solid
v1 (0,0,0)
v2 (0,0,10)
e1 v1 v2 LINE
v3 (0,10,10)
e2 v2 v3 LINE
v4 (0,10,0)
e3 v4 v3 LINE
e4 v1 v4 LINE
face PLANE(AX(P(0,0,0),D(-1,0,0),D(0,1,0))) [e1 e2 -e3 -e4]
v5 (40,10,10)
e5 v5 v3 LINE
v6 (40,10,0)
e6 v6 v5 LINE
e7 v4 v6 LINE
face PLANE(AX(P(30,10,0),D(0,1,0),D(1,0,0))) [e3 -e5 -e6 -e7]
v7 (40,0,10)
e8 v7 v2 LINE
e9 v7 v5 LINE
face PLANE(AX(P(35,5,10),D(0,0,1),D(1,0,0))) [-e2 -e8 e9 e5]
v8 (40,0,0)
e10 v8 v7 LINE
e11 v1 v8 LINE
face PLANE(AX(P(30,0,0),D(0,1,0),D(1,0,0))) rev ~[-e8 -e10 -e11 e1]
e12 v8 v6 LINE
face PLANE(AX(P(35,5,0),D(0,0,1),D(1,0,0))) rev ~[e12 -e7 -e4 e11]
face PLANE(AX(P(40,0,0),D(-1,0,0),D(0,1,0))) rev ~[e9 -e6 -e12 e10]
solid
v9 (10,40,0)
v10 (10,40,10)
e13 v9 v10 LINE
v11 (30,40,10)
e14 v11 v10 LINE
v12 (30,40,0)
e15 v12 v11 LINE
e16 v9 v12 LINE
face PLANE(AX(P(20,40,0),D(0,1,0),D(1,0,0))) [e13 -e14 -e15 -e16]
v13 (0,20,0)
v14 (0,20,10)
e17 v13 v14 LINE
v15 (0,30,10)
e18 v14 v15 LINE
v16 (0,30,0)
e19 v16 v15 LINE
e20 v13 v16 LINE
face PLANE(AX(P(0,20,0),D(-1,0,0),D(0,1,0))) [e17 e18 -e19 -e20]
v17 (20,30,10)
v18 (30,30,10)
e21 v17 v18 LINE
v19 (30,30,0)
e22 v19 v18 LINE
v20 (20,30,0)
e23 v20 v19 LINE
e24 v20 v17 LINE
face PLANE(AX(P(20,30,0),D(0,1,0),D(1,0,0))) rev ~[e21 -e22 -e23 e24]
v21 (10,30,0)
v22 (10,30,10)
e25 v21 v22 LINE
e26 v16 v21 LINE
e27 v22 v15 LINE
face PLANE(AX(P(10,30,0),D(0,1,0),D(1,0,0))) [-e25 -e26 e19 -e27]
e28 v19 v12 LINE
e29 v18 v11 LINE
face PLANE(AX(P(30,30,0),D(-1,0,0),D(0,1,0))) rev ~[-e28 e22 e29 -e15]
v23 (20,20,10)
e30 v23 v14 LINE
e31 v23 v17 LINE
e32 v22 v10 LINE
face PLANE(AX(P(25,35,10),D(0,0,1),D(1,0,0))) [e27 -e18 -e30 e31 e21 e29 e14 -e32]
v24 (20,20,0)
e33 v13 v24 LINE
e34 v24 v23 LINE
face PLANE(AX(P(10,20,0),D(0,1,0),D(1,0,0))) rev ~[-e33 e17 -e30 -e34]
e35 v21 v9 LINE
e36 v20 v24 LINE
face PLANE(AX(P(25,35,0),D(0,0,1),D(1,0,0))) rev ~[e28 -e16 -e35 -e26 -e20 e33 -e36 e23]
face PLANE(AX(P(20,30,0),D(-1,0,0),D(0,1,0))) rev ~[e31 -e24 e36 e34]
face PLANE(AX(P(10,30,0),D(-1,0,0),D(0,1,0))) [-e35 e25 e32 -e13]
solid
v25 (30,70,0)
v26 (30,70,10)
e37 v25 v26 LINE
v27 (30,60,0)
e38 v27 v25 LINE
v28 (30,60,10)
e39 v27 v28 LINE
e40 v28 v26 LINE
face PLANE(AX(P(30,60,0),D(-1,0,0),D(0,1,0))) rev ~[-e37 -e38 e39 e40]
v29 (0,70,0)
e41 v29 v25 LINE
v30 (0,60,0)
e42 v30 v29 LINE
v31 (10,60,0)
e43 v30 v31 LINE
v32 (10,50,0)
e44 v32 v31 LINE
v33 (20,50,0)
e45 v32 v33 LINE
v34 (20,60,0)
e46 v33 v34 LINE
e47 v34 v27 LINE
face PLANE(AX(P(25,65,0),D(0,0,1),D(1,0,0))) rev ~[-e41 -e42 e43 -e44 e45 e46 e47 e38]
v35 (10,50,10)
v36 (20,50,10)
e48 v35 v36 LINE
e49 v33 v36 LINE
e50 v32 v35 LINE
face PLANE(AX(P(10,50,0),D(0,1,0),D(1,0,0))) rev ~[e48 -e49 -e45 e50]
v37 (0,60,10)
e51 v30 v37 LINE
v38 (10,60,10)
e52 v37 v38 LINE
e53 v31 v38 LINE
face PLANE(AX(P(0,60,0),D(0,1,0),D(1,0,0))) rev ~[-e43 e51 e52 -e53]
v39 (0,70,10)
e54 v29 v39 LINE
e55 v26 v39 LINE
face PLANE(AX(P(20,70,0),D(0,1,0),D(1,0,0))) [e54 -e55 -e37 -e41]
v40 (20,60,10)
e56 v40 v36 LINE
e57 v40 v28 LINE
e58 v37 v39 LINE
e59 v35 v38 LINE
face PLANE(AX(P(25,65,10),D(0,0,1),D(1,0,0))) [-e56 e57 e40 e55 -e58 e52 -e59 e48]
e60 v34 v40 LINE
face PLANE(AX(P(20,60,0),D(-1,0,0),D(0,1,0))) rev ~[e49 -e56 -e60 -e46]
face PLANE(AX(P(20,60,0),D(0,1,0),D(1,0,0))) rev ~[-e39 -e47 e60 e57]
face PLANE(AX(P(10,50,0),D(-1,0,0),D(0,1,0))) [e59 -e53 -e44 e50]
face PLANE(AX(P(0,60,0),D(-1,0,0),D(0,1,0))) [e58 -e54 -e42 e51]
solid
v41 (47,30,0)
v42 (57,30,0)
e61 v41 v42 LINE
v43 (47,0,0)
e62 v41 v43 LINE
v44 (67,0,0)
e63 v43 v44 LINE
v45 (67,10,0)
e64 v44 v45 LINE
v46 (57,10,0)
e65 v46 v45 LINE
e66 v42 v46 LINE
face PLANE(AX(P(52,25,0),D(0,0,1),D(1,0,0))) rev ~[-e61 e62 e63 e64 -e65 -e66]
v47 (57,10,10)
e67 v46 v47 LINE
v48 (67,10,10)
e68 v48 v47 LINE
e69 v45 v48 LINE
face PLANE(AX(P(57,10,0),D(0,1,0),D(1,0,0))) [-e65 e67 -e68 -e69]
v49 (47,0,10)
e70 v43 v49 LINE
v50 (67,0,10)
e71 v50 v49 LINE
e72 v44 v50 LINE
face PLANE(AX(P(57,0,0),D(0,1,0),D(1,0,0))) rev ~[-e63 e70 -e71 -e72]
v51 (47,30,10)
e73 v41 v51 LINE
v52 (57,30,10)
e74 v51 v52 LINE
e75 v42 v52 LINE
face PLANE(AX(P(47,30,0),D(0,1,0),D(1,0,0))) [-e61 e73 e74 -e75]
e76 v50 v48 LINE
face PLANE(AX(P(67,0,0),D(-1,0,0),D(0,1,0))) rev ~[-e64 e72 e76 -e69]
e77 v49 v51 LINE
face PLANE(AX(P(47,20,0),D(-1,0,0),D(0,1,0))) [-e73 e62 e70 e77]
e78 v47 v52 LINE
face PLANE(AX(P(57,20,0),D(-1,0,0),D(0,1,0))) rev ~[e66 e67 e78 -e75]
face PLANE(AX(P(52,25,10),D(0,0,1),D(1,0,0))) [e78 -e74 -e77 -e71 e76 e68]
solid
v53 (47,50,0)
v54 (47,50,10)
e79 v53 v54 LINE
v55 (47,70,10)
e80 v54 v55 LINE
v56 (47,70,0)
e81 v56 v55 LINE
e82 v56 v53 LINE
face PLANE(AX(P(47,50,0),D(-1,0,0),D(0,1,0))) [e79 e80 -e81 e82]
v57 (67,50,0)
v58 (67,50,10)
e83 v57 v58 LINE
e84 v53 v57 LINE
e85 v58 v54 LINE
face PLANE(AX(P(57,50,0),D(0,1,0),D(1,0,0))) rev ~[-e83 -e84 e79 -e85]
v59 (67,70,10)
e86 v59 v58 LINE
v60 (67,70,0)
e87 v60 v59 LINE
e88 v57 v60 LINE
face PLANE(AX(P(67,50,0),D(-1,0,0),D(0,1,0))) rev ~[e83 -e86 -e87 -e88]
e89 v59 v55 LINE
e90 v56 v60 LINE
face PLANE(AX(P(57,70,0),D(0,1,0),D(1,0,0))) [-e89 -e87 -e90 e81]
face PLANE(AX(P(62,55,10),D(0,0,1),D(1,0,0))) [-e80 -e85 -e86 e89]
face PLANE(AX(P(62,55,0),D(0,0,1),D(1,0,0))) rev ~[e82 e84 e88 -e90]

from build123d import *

# Parameters (mm, degrees)
BOX001_W     = 10
BOX001_H     = 10
BOX001_DEPTH = 10
BOX002_W     = 10
BOX002_H     = 10
BOX002_DEPTH = 10
BOX003_W     = 10
BOX003_H     = 10
BOX003_DEPTH = 10
BOX_W        = 10
BOX_H        = 10
BOX_DEPTH    = 10
BOX005_W     = 10
BOX005_H     = 10
BOX005_DEPTH = 10
BOX006_W     = 10
BOX006_H     = 10
BOX006_DEPTH = 10
BOX007_W     = 10
BOX007_H     = 10
BOX007_DEPTH = 10
BOX004_W     = 10
BOX004_H     = 10
BOX004_DEPTH = 10
BOX009_W     = 10
BOX009_H     = 10
BOX009_DEPTH = 10
BOX010_W     = 10
BOX010_H     = 10
BOX010_DEPTH = 10
BOX011_W     = 10
BOX011_H     = 10
BOX011_DEPTH = 10
BOX008_W     = 10
BOX008_H     = 10
BOX008_DEPTH = 10
BOX013_W     = 10
BOX013_H     = 10
BOX013_DEPTH = 10
BOX014_W     = 10
BOX014_H     = 10
BOX014_DEPTH = 10
BOX015_W     = 10
BOX015_H     = 10
BOX015_DEPTH = 10
BOX012_W     = 10
BOX012_H     = 10
BOX012_DEPTH = 10
BOX017_W     = 10
BOX017_H     = 10
BOX017_DEPTH = 10
BOX018_W     = 10
BOX018_H     = 10
BOX018_DEPTH = 10
BOX019_W     = 10
BOX019_H     = 10
BOX019_DEPTH = 10
BOX016_W     = 10
BOX016_H     = 10
BOX016_DEPTH = 10


with BuildPart() as cube001:
    # Box001 → Box001 (new body)
    with BuildSketch(Plane(origin=(10, 0, 0), x_dir=(1, 0, 0), z_dir=(0, 0, 1))):
        with Locations((5, 5)):
            Rectangle(BOX001_W, BOX001_H)
    extrude(amount=BOX001_DEPTH)


with BuildPart() as cube002:
    # Box002 → Box002 (new body)
    with BuildSketch(Plane(origin=(20, 0, 0), x_dir=(1, 0, 0), z_dir=(0, 0, 1))):
        with Locations((5, 5)):
            Rectangle(BOX002_W, BOX002_H)
    extrude(amount=BOX002_DEPTH)


with BuildPart() as cube003:
    # Box003 → Box003 (new body)
    with BuildSketch(Plane(origin=(30, 0, 0), x_dir=(1, 0, 0), z_dir=(0, 0, 1))):
        with Locations((5, 5)):
            Rectangle(BOX003_W, BOX003_H)
    extrude(amount=BOX003_DEPTH)


with BuildPart() as vermell:
    # Box → Box (new body)
    with BuildSketch(Plane.XY):
        with Locations((5, 5)):
            Rectangle(BOX_W, BOX_H)
    extrude(amount=BOX_DEPTH)

    # Fusion: union Cube001, Cube002, Cube003
    add(cube001.part)
    add(cube002.part)
    add(cube003.part)


with BuildPart() as cube005:
    # Box005 → Box005 (new body)
    with BuildSketch(Plane(origin=(57, 0, 0), x_dir=(1, 0, 0), z_dir=(0, 0, 1))):
        with Locations((5, 5)):
            Rectangle(BOX005_W, BOX005_H)
    extrude(amount=BOX005_DEPTH)


with BuildPart() as cube006:
    # Box006 → Box006 (new body)
    with BuildSketch(Plane(origin=(47, 10, 0), x_dir=(1, 0, 0), z_dir=(0, 0, 1))):
        with Locations((5, 5)):
            Rectangle(BOX006_W, BOX006_H)
    extrude(amount=BOX006_DEPTH)


with BuildPart() as cube007:
    # Box007 → Box007 (new body)
    with BuildSketch(Plane(origin=(47, 20, 0), x_dir=(1, 0, 0), z_dir=(0, 0, 1))):
        with Locations((5, 5)):
            Rectangle(BOX007_W, BOX007_H)
    extrude(amount=BOX007_DEPTH)


with BuildPart() as groc:
    # Box004 → Box004 (new body)
    with BuildSketch(Plane(origin=(47, 0, 0), x_dir=(1, 0, 0), z_dir=(0, 0, 1))):
        with Locations((5, 5)):
            Rectangle(BOX004_W, BOX004_H)
    extrude(amount=BOX004_DEPTH)

    # Fusion001: union Cube005, Cube006, Cube007
    add(cube005.part)
    add(cube006.part)
    add(cube007.part)


with BuildPart() as cube009:
    # Box009 → Box009 (new body)
    with BuildSketch(Plane(origin=(10, 20, 0), x_dir=(1, 0, 0), z_dir=(0, 0, 1))):
        with Locations((5, 5)):
            Rectangle(BOX009_W, BOX009_H)
    extrude(amount=BOX009_DEPTH)


with BuildPart() as cube010:
    # Box010 → Box010 (new body)
    with BuildSketch(Plane(origin=(10, 30, 0), x_dir=(1, 0, 0), z_dir=(0, 0, 1))):
        with Locations((5, 5)):
            Rectangle(BOX010_W, BOX010_H)
    extrude(amount=BOX010_DEPTH)


with BuildPart() as cube011:
    # Box011 → Box011 (new body)
    with BuildSketch(Plane(origin=(20, 30, 0), x_dir=(1, 0, 0), z_dir=(0, 0, 1))):
        with Locations((5, 5)):
            Rectangle(BOX011_W, BOX011_H)
    extrude(amount=BOX011_DEPTH)


with BuildPart() as blau:
    # Box008 → Box008 (new body)
    with BuildSketch(Plane(origin=(0, 20, 0), x_dir=(1, 0, 0), z_dir=(0, 0, 1))):
        with Locations((5, 5)):
            Rectangle(BOX008_W, BOX008_H)
    extrude(amount=BOX008_DEPTH)

    # Fusion002: union Cube009, Cube010, Cube011
    add(cube009.part)
    add(cube010.part)
    add(cube011.part)


with BuildPart() as cube013:
    # Box013 → Box013 (new body)
    with BuildSketch(Plane(origin=(0, 60, 0), x_dir=(1, 0, 0), z_dir=(0, 0, 1))):
        with Locations((5, 5)):
            Rectangle(BOX013_W, BOX013_H)
    extrude(amount=BOX013_DEPTH)


with BuildPart() as cube014:
    # Box014 → Box014 (new body)
    with BuildSketch(Plane(origin=(10, 60, 0), x_dir=(1, 0, 0), z_dir=(0, 0, 1))):
        with Locations((5, 5)):
            Rectangle(BOX014_W, BOX014_H)
    extrude(amount=BOX014_DEPTH)


with BuildPart() as cube015:
    # Box015 → Box015 (new body)
    with BuildSketch(Plane(origin=(20, 60, 0), x_dir=(1, 0, 0), z_dir=(0, 0, 1))):
        with Locations((5, 5)):
            Rectangle(BOX015_W, BOX015_H)
    extrude(amount=BOX015_DEPTH)


with BuildPart() as gris:
    # Box012 → Box012 (new body)
    with BuildSketch(Plane(origin=(10, 50, 0), x_dir=(1, 0, 0), z_dir=(0, 0, 1))):
        with Locations((5, 5)):
            Rectangle(BOX012_W, BOX012_H)
    extrude(amount=BOX012_DEPTH)

    # Fusion003: union Cube013, Cube014, Cube015
    add(cube013.part)
    add(cube014.part)
    add(cube015.part)


with BuildPart() as cube017:
    # Box017 → Box017 (new body)
    with BuildSketch(Plane(origin=(47, 50, 0), x_dir=(1, 0, 0), z_dir=(0, 0, 1))):
        with Locations((5, 5)):
            Rectangle(BOX017_W, BOX017_H)
    extrude(amount=BOX017_DEPTH)


with BuildPart() as cube018:
    # Box018 → Box018 (new body)
    with BuildSketch(Plane(origin=(57, 60, 0), x_dir=(1, 0, 0), z_dir=(0, 0, 1))):
        with Locations((5, 5)):
            Rectangle(BOX018_W, BOX018_H)
    extrude(amount=BOX018_DEPTH)


with BuildPart() as cube019:
    # Box019 → Box019 (new body)
    with BuildSketch(Plane(origin=(57, 50, 0), x_dir=(1, 0, 0), z_dir=(0, 0, 1))):
        with Locations((5, 5)):
            Rectangle(BOX019_W, BOX019_H)
    extrude(amount=BOX019_DEPTH)


with BuildPart() as blau_cel:
    # Box016 → Box016 (new body)
    with BuildSketch(Plane(origin=(47, 60, 0), x_dir=(1, 0, 0), z_dir=(0, 0, 1))):
        with Locations((5, 5)):
            Rectangle(BOX016_W, BOX016_H)
    extrude(amount=BOX016_DEPTH)

    # Fusion004: union Cube017, Cube018, Cube019
    add(cube017.part)
    add(cube018.part)
    add(cube019.part)


solid = Compound([vermell.part, groc.part, blau.part, gris.part, blau_cel.part])
